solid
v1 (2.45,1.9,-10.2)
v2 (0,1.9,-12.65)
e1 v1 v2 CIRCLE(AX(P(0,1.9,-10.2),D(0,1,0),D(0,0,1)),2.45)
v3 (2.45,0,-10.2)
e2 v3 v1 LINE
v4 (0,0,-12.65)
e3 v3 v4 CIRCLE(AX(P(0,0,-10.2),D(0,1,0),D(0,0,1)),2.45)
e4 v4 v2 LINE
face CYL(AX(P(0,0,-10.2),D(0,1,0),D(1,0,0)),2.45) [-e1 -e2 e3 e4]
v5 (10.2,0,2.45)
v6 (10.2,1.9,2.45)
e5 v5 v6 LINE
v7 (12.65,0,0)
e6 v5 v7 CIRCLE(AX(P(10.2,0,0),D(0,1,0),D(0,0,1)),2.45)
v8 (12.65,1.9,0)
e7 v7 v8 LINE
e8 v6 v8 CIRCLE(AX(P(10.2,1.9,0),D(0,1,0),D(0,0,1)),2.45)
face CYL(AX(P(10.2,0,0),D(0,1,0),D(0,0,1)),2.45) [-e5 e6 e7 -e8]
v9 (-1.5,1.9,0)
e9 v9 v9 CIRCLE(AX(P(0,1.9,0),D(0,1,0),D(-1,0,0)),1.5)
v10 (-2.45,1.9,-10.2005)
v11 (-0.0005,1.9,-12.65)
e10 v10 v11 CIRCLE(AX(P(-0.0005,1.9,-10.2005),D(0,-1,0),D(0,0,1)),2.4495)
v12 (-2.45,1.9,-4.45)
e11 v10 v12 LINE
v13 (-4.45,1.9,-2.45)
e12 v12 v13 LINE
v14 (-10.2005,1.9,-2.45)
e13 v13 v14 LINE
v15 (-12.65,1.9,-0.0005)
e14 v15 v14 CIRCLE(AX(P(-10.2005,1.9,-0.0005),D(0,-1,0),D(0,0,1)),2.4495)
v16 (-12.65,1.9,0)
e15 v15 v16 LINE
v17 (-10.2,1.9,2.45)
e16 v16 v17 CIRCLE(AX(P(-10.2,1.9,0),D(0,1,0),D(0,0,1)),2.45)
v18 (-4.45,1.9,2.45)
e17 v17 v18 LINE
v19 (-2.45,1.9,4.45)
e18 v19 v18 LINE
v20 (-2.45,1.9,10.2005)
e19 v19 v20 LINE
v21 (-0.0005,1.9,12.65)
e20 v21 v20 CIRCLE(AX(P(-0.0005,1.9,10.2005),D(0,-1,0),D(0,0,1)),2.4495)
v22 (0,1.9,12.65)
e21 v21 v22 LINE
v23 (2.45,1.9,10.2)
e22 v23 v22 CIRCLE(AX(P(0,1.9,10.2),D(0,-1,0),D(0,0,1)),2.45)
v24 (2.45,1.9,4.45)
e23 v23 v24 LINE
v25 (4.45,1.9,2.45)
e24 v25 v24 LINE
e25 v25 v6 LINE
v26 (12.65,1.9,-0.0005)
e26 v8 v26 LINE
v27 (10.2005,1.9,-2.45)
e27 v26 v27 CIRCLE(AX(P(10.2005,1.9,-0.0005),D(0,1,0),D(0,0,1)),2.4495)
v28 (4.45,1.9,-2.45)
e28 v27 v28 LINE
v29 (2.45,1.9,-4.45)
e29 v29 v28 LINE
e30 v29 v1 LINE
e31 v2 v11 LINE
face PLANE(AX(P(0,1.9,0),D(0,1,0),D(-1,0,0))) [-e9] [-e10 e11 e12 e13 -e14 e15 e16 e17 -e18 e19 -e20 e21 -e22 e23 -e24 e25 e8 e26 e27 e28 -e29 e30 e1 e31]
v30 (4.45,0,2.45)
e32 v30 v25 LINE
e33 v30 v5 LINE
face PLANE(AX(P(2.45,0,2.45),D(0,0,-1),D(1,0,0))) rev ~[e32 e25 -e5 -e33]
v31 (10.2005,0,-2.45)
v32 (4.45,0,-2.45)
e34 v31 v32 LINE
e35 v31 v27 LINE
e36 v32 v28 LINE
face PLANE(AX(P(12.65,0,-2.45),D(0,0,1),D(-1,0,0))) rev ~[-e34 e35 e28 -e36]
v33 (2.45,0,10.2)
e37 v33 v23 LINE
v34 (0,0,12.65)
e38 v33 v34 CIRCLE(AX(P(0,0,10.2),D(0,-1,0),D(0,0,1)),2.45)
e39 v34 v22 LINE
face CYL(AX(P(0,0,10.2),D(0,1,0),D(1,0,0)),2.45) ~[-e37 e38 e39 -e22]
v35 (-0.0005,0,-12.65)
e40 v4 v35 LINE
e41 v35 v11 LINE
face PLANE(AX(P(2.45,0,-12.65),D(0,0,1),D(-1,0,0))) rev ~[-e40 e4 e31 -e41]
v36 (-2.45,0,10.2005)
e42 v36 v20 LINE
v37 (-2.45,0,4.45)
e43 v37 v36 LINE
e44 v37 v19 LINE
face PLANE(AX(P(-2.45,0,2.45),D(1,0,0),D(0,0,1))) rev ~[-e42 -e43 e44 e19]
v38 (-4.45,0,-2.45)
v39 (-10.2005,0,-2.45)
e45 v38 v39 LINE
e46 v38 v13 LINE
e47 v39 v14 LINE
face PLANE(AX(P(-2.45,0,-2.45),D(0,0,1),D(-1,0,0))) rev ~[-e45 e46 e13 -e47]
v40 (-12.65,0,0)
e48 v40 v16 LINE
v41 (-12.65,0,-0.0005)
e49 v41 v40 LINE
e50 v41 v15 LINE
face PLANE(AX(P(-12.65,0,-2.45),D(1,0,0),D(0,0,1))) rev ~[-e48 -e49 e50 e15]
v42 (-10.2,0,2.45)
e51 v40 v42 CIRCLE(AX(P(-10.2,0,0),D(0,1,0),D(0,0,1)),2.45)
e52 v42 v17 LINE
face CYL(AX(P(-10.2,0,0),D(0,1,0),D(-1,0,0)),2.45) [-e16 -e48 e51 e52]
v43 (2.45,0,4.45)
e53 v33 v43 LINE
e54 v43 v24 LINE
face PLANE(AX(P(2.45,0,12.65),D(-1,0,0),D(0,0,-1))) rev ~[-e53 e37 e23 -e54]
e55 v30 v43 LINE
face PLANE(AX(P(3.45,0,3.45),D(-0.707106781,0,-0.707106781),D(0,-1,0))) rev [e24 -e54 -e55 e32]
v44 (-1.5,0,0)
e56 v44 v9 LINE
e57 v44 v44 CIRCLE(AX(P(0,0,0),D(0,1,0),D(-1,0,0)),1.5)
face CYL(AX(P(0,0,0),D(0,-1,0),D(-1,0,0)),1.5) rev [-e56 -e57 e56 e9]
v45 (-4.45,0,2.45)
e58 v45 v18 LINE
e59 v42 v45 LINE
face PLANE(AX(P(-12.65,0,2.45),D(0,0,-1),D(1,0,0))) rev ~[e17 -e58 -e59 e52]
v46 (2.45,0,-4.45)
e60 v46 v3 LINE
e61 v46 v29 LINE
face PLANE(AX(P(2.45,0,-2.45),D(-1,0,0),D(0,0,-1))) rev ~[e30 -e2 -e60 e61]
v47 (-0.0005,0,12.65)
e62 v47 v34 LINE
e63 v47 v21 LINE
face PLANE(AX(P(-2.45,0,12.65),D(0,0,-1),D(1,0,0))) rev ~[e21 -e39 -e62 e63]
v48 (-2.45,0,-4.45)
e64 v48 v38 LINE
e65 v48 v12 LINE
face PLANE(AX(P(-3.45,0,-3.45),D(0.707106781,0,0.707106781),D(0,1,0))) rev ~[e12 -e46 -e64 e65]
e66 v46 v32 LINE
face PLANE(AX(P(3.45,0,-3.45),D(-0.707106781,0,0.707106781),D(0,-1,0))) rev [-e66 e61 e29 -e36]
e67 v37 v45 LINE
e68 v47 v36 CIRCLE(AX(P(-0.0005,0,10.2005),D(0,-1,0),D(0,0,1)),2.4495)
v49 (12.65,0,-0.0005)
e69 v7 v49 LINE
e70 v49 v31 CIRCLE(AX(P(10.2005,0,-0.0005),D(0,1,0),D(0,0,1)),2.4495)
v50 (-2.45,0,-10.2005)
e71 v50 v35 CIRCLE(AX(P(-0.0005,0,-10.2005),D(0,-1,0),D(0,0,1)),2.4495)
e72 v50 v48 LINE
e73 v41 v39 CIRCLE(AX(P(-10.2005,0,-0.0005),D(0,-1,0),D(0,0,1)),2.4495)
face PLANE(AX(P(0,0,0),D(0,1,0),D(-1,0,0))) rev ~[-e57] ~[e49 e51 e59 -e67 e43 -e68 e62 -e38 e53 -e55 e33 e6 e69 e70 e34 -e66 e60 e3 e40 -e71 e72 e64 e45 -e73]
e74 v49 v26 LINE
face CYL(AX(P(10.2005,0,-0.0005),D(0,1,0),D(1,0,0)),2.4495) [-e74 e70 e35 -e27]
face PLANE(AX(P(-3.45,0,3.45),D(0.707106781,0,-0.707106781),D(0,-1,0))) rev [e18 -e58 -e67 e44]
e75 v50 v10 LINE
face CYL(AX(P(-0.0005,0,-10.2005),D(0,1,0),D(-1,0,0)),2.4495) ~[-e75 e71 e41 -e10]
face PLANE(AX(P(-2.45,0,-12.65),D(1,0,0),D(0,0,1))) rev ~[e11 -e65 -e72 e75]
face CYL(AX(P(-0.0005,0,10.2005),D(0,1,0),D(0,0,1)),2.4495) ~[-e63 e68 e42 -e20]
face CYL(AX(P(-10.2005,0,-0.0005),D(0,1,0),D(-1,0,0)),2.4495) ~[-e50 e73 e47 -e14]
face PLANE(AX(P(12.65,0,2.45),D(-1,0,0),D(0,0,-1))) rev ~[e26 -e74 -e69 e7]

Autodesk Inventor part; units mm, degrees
ref_plane "YZ Plane" through (0, 0, 0) normal (1, 0, 0) x (0, 1, 0)
ref_plane "XZ Plane" through (0, 0, 0) normal (0, 1, 0) x (-1, 0, 0)
ref_plane "XY Plane" through (0, 0, 0) normal (0, 0, 1) x (1, 0, 0)
sketch "Sketch2" plane through (0, 0, 0) normal (0, 1, 0) x (-1, 0, 0)
  line L0 (12.65, -2.45) -> (12.65, 2.45)
  line L1 (-12.65, 2.45) -> (-12.65, -2.45)
  line L2 (-12.65, -2.45) -> (12.65, 2.45) construction
  line L3 (12.65, -2.45) -> (-12.65, 2.45) construction
  line L4 (-2.45, -12.65) -> (2.45, -12.65)
  line L5 (2.45, 12.65) -> (-2.45, 12.65)
  line L6 (-2.45, -12.65) -> (2.45, 12.65) construction
  line L7 (2.45, -12.65) -> (-2.45, 12.65) construction
  line L8 (12.65, 2.45) -> (2.45, 2.45)
  line L9 (-2.45, 2.45) -> (-12.65, 2.45)
  line L10 (2.45, -12.65) -> (2.45, -2.45)
  line L11 (2.45, 2.45) -> (2.45, 12.65)
  line L12 (-12.65, -2.45) -> (-2.45, -2.45)
  line L13 (2.45, -2.45) -> (12.65, -2.45)
  line L14 (-2.45, 12.65) -> (-2.45, 2.45)
  line L15 (-2.45, -2.45) -> (-2.45, -12.65)
  circle A0 centre (0, 0) radius 1.5
  point P0 (0, 0)
  dimension "d7" = 4.9
  dimension "d8" = 4.9
  dimension "d9" = 10.2
  dimension "d10" = 3
extrude "Extrusion2" add sketch "Sketch2" along normal blind 1.9
fillet "Fillet1" radius 2.45 1 edges at (2.45, 0.95, 12.65)
fillet "Fillet2" radius 2.45 1 edges at (-2.45, 0.95, 12.65)
fillet "Fillet3" radius 2.45 1 edges at (12.65, 0.95, 2.45)
fillet "Fillet4" radius 2.45 1 edges at (12.65, 0.95, -2.45)
fillet "Fillet5" radius 2.45 1 edges at (2.45, 0.95, -12.65)
fillet "Fillet6" radius 2.45 1 edges at (-12.65, 0.95, 2.45)
fillet "Fillet7" radius 2.45 1 edges at (-12.65, 0.95, -2.45)
fillet "Fillet8" radius 2.45 1 edges at (-2.45, 0.95, -12.65)
chamfer "Chamfer1" distance 2 angle 45 1 edges at (-2.45, 0.95, -2.45)
chamfer "Chamfer2" distance 2 angle 45 1 edges at (2.45, 0.95, -2.45)
chamfer "Chamfer3" distance 2 angle 45 1 edges at (2.45, 0.95, 2.45)
chamfer "Chamfer4" distance 2 angle 45 1 edges at (-2.45, 0.95, 2.45)
equation "\"d7\" = ServoArmWidth"
equation "\"d8\" = ServoArmWidth"
equation "\"d9\" = ServoArmLength"
equation "\"d10\" = ServoArmHoleRequired"
equation "\"d11\" = ServoArmThickness"
equation "\"d13\" = ServoArmExternFillet"
equation "\"d14\" = ServoArmExternFillet"
equation "\"d15\" = ServoArmExternFillet"
equation "\"d16\" = ServoArmExternFillet"
equation "\"d17\" = ServoArmExternFillet"
equation "\"d18\" = ServoArmExternFillet"
equation "\"d19\" = ServoArmExternFillet"
equation "\"d20\" = ServoArmExternFillet"
equation "\"d21\" = ServoArmInternFillet"
equation "\"d24\" = ServoArmInternFillet"
equation "\"d27\" = ServoArmInternFillet"
equation "\"d30\" = ServoArmInternFillet"
equation "\"ServoArmWidth\" = 4.9"
equation "\"ServoArmSpacing\" = 0.2"
equation "\"ServoArmWidthRequired\" = ServoArmWidth + 2 * ServoArmSpacing"
equation "\"ServoArmLength\" = 10.2"
equation "\"ServoArmLengthRequired\" = ServoArmLength + 2 * ServoArmSpacing"
equation "\"ServoArmThickness\" = 1.9"
equation "\"ServoArmHoleRequired\" = 3"
equation "\"ServoArmInternFillet\" = 2"
equation "\"ServoArmExternFillet\" = 0.5 * ServoArmWidth"
equation "\"ServoArmHeadScrewTrace\" = 5.5"
equation "\"ServoArmHeadScrewThickness\" = 2.5"
properties part number "SimplifiedServoArm"
